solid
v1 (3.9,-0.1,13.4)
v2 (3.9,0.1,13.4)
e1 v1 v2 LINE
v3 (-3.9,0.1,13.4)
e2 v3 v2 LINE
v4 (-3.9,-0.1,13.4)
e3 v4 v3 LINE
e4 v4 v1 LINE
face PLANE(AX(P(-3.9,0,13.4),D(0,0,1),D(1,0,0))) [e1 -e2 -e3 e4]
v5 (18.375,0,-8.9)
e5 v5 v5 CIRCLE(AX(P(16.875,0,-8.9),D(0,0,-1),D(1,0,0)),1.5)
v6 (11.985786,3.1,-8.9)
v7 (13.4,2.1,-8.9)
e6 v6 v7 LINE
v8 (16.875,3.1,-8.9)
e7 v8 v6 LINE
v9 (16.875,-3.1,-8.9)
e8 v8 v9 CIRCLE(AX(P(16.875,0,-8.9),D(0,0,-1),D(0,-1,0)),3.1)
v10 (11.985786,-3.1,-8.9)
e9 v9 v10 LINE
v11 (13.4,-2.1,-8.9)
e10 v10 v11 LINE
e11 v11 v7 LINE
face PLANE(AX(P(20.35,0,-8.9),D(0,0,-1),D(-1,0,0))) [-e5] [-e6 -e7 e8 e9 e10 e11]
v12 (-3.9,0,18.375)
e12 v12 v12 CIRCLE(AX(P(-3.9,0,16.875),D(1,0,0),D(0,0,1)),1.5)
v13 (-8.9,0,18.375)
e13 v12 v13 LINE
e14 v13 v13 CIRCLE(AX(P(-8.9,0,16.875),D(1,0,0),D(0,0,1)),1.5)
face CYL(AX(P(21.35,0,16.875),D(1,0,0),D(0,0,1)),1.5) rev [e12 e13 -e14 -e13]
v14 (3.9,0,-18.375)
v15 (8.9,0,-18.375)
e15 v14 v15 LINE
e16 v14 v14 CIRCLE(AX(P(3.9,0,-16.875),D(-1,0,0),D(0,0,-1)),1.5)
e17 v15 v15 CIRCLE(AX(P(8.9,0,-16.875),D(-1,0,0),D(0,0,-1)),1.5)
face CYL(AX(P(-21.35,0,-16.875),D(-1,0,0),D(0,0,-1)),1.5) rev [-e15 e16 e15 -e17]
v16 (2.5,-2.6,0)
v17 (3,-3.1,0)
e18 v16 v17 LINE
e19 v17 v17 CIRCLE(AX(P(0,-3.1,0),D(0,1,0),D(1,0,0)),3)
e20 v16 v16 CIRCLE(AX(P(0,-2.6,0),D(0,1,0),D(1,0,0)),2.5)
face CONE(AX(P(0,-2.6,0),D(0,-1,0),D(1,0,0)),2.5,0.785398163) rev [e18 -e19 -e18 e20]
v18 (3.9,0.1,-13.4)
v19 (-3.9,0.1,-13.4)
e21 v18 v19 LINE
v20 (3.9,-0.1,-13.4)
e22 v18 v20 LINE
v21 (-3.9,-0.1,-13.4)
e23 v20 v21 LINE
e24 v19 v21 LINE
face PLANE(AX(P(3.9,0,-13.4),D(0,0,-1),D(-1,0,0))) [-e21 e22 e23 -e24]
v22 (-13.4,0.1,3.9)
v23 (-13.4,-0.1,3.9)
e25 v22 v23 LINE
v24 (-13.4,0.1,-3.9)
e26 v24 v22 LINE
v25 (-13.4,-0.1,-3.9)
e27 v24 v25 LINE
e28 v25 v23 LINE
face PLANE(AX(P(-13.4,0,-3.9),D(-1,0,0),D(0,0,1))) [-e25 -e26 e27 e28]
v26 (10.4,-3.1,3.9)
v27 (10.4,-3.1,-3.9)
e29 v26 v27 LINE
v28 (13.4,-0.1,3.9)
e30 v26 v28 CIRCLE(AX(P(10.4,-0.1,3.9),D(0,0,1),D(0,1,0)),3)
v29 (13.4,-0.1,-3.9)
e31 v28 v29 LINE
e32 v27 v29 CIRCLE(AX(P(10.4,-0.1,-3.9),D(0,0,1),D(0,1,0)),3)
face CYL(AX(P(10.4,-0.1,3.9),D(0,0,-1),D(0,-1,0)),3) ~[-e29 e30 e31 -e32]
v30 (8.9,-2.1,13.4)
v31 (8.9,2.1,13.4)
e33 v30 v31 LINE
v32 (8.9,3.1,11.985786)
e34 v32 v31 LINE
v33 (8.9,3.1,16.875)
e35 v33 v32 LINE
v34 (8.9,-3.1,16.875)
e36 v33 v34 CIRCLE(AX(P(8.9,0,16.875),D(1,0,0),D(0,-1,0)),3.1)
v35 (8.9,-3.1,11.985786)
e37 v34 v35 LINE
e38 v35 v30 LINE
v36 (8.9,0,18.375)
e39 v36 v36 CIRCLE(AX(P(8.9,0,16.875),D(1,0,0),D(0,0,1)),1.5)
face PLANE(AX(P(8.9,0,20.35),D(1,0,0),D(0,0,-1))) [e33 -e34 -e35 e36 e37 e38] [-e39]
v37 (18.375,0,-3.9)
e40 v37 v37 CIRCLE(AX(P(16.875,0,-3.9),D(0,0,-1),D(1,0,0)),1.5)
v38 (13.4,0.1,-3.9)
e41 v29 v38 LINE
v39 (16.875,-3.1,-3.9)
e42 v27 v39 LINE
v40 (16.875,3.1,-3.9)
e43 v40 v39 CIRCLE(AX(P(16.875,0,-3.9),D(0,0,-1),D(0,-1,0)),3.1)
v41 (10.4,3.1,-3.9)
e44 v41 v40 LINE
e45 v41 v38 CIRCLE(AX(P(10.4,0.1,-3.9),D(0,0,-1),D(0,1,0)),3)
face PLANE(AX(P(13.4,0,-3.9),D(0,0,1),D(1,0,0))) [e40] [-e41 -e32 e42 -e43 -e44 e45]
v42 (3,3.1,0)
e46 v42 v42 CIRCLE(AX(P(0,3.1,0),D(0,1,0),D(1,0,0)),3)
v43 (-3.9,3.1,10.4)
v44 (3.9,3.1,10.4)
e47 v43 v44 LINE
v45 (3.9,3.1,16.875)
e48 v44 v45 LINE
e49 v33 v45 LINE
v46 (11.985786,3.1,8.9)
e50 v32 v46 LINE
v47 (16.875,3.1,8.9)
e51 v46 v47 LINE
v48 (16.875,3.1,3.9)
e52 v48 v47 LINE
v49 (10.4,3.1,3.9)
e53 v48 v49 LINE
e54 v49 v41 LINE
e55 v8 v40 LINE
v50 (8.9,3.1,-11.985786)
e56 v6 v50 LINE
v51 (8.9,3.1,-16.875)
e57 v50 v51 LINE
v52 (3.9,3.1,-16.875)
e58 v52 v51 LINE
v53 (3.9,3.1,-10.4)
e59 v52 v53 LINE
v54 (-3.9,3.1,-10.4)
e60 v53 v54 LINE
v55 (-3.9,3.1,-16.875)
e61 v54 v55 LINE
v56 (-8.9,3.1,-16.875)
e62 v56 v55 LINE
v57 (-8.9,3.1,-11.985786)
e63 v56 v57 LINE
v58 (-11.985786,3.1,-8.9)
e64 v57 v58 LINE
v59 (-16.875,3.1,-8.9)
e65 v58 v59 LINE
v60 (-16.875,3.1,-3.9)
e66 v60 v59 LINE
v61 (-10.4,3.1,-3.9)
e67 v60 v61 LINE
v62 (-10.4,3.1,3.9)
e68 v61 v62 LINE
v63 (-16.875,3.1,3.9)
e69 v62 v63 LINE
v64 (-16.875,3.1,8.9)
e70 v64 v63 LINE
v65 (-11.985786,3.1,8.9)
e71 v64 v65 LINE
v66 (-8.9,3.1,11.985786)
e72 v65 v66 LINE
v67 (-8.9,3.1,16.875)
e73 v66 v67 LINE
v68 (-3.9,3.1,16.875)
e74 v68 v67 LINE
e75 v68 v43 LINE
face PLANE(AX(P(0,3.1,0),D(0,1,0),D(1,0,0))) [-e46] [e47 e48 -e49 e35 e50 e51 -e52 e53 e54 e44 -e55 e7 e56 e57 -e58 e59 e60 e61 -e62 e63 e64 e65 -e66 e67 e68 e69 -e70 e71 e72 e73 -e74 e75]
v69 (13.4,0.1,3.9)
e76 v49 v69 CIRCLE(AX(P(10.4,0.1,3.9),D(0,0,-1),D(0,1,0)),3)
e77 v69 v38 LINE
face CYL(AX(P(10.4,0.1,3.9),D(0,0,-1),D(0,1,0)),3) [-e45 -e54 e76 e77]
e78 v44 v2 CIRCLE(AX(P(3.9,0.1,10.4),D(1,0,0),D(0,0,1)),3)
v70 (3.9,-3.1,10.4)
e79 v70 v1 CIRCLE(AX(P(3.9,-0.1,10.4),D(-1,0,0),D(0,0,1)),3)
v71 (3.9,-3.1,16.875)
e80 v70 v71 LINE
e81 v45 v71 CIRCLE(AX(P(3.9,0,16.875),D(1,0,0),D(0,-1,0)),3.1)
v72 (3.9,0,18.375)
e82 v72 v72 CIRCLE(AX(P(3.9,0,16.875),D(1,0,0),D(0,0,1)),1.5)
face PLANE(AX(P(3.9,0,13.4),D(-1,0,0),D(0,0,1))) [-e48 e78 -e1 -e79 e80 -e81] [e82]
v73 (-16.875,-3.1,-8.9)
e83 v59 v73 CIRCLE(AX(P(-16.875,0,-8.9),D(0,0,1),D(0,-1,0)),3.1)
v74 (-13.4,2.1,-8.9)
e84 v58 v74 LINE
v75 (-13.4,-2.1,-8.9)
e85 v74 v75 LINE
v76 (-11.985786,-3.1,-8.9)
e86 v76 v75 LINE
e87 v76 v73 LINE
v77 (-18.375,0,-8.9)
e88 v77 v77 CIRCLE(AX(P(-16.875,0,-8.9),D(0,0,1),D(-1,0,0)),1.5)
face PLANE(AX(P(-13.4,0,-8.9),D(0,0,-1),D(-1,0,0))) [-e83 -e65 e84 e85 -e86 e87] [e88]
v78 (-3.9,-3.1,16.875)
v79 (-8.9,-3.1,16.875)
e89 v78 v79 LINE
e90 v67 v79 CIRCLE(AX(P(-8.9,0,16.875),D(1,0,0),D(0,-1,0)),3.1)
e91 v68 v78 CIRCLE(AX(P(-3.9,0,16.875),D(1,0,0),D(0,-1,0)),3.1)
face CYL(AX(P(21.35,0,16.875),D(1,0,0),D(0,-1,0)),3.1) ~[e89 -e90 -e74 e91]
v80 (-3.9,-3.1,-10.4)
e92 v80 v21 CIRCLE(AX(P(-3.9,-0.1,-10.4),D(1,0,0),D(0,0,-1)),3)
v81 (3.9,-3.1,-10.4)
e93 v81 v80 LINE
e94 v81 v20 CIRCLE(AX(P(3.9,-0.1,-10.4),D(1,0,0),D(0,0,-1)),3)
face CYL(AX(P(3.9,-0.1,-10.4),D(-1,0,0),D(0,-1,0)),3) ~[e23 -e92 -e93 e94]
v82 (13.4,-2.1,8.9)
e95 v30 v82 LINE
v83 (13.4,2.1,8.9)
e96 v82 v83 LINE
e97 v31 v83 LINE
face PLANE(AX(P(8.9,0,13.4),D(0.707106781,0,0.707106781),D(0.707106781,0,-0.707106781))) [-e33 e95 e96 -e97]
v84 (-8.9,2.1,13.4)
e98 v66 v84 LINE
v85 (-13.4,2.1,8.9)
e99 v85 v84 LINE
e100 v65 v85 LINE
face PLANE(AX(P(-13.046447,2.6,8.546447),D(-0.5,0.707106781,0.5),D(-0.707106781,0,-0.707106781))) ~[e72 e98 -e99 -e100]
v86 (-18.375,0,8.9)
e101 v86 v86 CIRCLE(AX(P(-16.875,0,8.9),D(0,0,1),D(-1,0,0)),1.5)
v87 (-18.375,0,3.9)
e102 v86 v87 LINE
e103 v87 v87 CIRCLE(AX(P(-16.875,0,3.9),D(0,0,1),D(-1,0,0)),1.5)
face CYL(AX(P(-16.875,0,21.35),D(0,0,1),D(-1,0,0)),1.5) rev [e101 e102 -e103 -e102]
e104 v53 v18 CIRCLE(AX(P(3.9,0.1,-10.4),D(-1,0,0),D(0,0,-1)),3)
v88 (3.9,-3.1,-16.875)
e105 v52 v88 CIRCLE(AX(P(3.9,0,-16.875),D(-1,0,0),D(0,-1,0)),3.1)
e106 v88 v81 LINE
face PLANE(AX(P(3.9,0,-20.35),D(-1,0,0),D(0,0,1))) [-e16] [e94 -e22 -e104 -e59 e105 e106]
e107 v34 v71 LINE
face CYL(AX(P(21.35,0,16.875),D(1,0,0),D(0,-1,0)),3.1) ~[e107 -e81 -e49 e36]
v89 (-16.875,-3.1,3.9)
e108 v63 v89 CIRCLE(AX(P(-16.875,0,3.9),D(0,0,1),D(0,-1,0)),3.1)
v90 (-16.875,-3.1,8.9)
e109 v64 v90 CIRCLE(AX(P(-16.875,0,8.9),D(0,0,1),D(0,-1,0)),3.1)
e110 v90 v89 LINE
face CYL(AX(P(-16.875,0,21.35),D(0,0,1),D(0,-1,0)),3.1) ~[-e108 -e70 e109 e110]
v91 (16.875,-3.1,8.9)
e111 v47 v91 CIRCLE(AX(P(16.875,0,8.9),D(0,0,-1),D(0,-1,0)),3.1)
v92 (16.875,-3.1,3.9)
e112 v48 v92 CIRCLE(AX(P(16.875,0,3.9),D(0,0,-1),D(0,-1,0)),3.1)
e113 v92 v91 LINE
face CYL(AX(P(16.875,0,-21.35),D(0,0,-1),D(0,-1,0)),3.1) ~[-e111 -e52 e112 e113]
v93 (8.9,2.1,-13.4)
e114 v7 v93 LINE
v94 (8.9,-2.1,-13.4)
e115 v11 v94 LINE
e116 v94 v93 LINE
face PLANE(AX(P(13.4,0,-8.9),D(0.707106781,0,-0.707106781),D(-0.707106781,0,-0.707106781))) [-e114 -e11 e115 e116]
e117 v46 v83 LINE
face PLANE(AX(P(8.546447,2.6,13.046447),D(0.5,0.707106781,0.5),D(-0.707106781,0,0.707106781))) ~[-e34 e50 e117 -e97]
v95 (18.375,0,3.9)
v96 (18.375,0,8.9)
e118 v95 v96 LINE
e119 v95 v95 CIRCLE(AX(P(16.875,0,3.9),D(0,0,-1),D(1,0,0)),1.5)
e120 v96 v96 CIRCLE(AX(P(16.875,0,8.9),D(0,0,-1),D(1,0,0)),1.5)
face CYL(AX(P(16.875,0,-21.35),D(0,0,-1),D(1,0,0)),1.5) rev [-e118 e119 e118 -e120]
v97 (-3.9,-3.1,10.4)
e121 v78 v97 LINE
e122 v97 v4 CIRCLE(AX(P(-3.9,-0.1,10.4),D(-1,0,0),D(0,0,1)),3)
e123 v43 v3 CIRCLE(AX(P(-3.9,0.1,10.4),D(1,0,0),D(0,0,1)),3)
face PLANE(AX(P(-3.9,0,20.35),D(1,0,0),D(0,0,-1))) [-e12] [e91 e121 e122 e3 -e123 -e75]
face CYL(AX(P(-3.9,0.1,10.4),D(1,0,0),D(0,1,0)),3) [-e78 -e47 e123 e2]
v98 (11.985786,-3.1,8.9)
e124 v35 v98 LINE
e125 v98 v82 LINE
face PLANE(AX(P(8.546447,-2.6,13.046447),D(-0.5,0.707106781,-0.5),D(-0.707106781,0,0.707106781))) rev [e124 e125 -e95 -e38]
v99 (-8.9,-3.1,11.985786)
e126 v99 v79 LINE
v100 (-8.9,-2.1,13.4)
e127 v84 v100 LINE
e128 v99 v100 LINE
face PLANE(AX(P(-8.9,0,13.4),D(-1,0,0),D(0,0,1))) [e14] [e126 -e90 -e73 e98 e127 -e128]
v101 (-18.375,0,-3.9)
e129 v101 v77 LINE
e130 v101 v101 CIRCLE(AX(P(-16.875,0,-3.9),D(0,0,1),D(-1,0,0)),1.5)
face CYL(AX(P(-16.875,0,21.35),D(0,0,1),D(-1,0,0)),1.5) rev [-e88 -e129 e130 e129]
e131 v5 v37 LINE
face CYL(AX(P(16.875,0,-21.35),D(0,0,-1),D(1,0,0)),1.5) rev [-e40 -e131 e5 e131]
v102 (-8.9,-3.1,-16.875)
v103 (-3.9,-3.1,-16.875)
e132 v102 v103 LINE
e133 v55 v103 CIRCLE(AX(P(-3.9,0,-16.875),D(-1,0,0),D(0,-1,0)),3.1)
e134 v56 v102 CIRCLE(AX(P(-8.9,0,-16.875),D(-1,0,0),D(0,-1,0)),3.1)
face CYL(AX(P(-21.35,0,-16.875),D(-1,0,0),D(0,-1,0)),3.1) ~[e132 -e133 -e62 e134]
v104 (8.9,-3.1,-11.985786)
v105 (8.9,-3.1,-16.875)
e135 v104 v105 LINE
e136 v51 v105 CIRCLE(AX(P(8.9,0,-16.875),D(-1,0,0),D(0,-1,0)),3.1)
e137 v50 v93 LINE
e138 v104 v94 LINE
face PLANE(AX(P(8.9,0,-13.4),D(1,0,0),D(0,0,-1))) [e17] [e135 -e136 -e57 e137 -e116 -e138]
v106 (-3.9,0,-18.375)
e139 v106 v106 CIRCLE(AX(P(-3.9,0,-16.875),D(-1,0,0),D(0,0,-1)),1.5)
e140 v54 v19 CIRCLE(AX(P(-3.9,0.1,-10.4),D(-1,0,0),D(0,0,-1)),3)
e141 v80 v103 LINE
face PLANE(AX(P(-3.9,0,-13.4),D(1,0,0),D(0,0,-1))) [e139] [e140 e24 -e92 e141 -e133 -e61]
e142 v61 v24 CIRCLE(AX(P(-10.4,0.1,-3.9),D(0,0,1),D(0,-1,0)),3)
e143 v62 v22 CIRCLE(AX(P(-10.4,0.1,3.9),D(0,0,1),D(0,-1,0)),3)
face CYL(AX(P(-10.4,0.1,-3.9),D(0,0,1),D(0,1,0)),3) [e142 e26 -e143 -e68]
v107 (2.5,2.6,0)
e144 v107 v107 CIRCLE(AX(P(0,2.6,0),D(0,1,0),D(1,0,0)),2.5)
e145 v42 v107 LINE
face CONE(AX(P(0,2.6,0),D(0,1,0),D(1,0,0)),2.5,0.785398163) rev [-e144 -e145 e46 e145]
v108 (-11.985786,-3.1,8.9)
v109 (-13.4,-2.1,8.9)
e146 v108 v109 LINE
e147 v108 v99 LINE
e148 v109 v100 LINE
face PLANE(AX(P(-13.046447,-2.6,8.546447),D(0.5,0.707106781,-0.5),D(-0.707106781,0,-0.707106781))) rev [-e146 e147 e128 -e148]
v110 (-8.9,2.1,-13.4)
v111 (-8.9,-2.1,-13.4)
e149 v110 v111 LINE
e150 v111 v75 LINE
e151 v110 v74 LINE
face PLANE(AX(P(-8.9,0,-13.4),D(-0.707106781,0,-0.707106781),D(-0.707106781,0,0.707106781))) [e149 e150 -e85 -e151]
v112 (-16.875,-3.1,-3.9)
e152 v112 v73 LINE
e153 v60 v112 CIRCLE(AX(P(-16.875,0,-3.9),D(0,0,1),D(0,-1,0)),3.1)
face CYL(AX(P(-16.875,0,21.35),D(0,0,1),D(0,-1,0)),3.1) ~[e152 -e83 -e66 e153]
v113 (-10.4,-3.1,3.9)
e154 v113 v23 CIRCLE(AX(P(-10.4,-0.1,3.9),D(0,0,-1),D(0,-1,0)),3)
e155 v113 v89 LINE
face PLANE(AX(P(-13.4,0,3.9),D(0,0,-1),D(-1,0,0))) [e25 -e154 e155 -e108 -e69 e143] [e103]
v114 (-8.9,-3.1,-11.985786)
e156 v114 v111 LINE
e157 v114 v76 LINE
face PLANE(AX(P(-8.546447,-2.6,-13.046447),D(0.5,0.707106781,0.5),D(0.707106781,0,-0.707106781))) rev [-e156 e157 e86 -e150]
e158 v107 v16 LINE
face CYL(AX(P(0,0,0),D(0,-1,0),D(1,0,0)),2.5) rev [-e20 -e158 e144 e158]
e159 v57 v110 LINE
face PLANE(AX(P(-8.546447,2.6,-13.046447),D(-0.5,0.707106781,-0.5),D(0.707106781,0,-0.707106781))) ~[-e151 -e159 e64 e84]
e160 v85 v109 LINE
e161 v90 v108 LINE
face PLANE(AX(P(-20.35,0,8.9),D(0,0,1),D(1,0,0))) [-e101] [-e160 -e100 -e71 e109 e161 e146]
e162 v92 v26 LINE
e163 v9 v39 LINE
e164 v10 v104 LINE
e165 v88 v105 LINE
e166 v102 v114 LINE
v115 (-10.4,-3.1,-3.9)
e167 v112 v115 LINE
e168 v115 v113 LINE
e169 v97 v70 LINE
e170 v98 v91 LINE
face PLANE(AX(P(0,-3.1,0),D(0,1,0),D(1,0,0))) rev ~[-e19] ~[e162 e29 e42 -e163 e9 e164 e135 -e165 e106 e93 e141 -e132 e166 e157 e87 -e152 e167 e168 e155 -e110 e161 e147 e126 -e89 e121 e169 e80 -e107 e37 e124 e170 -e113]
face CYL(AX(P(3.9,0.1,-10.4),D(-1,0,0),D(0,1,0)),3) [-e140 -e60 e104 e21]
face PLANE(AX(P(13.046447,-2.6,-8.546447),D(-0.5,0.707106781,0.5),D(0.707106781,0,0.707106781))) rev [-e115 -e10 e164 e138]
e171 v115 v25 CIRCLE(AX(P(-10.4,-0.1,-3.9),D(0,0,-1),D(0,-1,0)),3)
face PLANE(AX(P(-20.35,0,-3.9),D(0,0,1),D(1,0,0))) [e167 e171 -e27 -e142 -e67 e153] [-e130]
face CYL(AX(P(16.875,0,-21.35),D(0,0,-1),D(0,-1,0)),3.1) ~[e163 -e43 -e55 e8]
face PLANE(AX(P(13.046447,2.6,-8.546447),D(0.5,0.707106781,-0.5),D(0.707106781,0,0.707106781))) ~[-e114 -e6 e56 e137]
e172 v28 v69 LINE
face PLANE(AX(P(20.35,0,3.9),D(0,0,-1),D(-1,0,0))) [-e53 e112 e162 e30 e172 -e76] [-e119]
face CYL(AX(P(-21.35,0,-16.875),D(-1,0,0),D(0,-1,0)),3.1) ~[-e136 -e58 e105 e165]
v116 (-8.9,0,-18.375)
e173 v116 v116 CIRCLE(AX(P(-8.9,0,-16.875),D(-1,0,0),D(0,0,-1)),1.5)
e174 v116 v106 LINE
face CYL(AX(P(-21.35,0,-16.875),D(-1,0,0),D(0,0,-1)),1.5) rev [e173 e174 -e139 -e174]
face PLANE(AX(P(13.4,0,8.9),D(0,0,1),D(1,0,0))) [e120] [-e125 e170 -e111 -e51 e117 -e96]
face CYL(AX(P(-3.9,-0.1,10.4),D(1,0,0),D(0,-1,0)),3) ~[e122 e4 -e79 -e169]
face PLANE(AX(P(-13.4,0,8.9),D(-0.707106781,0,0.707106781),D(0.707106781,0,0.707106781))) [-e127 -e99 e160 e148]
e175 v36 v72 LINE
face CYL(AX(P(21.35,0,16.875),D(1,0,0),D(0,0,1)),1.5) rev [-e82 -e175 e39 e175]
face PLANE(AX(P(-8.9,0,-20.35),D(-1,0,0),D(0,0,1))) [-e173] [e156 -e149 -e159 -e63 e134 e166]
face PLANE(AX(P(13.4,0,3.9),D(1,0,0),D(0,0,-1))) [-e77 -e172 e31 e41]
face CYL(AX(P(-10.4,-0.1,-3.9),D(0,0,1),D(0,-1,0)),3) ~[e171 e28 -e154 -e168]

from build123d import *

# Parameters (mm, degrees)
SKETCH1_R           = 2.5
BOSS_EXTRUDE1_DEPTH = 3.1
CUT_EXTRUDE1_START  = -30.25
SKETCH2_R           = 1.5
CUT_EXTRUDE1_DEPTH  = 42.7
CIRPATTERN1_COUNT   = 4
FILLET1_R           = 3
CHAMFER1_SIZE       = 1
CHAMFER3_SIZE       = 0.5


with BuildPart() as part:
    # Sketch1 → Boss-Extrude1 (new body, symmetric)
    with BuildSketch(Plane(origin=(0, 0, 0), x_dir=(1, 0, 0), z_dir=(0, 1, 0))):
        Polygon((-8.9, -13.4), (-8.9, -20.35), (-3.9, -20.35), (-3.9, -13.4), (3.9, -13.4), (3.9, -20.35), (8.9, -20.35), (8.9, -13.4), (13.4, -8.9), (20.35, -8.9), (20.35, -3.9), (13.4, -3.9), (13.4, 3.9), (20.35, 3.9), (20.35, 8.9), (13.4, 8.9), (8.9, 13.4), (8.9, 20.35), (3.9, 20.35), (3.9, 13.4), (-3.9, 13.4), (-3.9, 20.35), (-8.9, 20.35), (-8.9, 13.4), (-13.4, 8.9), (-20.35, 8.9), (-20.35, 3.9), (-13.4, 3.9), (-13.4, -3.9), (-20.35, -3.9), (-20.35, -8.9), (-13.4, -8.9), align=None)
        Circle(SKETCH1_R, mode=Mode.SUBTRACT)
    extrude(amount=BOSS_EXTRUDE1_DEPTH, both=True)

    # Sketch2 → Cut-Extrude1 (cut)
    with BuildSketch(Plane.ZY.offset(8.9).offset(CUT_EXTRUDE1_START)):
        with Locations((16.875, 0)):
            Circle(SKETCH2_R)
        with BuildLine():
            Line((16.875, 3.1), (20.35, 3.1))
            Line((20.35, 3.1), (20.35, -3.1))
            Line((20.35, -3.1), (16.875, -3.1))
            ThreePointArc((16.875, -3.1), (19.975, 0), (16.875, 3.1))
        make_face()
    cut_extrude1 = extrude(amount=CUT_EXTRUDE1_DEPTH, mode=Mode.SUBTRACT)

    # CirPattern1: Cut-Extrude1 ×4 about axis
    cirpattern1_axis = Axis((0, 3.1, 0), (0, 1, 0))
    for i in range(1, CIRPATTERN1_COUNT):
        add(cut_extrude1.rotate(cirpattern1_axis, i * 360 / CIRPATTERN1_COUNT), mode=Mode.SUBTRACT)

    # Fillet1
    fillet1_edges = [part.edges().sort_by_distance(p)[0] for p in [
        (-13.4, 3.1, 0),
        (0, 3.1, 13.4),
        (-13.4, -3.1, 0),
        (0, -3.1, -13.4),
        (13.4, -3.1, 0),
        (0, -3.1, 13.4),
        (13.4, 3.1, 0),
        (0, 3.1, -13.4),
    ]]
    fillet(fillet1_edges, radius=FILLET1_R)

    # Chamfer1
    chamfer1_edges = [part.edges().sort_by_distance(p)[0] for p in [
        (-11.15, 3.1, -11.15),
        (-11.15, -3.1, -11.15),
        (11.15, -3.1, -11.15),
        (11.15, 3.1, 11.15),
        (11.15, -3.1, 11.15),
        (-11.15, -3.1, 11.15),
        (-11.15, 3.1, 11.15),
        (11.15, 3.1, -11.15),
    ]]
    chamfer(chamfer1_edges, length=CHAMFER1_SIZE)

    # Chamfer3
    chamfer3_edges = [part.edges().sort_by_distance(p)[0] for p in [
        (-2.5, -3.1, 0),
        (-2.5, 3.1, 0),
    ]]
    chamfer(chamfer3_edges, length=CHAMFER3_SIZE)


solid = part.part
